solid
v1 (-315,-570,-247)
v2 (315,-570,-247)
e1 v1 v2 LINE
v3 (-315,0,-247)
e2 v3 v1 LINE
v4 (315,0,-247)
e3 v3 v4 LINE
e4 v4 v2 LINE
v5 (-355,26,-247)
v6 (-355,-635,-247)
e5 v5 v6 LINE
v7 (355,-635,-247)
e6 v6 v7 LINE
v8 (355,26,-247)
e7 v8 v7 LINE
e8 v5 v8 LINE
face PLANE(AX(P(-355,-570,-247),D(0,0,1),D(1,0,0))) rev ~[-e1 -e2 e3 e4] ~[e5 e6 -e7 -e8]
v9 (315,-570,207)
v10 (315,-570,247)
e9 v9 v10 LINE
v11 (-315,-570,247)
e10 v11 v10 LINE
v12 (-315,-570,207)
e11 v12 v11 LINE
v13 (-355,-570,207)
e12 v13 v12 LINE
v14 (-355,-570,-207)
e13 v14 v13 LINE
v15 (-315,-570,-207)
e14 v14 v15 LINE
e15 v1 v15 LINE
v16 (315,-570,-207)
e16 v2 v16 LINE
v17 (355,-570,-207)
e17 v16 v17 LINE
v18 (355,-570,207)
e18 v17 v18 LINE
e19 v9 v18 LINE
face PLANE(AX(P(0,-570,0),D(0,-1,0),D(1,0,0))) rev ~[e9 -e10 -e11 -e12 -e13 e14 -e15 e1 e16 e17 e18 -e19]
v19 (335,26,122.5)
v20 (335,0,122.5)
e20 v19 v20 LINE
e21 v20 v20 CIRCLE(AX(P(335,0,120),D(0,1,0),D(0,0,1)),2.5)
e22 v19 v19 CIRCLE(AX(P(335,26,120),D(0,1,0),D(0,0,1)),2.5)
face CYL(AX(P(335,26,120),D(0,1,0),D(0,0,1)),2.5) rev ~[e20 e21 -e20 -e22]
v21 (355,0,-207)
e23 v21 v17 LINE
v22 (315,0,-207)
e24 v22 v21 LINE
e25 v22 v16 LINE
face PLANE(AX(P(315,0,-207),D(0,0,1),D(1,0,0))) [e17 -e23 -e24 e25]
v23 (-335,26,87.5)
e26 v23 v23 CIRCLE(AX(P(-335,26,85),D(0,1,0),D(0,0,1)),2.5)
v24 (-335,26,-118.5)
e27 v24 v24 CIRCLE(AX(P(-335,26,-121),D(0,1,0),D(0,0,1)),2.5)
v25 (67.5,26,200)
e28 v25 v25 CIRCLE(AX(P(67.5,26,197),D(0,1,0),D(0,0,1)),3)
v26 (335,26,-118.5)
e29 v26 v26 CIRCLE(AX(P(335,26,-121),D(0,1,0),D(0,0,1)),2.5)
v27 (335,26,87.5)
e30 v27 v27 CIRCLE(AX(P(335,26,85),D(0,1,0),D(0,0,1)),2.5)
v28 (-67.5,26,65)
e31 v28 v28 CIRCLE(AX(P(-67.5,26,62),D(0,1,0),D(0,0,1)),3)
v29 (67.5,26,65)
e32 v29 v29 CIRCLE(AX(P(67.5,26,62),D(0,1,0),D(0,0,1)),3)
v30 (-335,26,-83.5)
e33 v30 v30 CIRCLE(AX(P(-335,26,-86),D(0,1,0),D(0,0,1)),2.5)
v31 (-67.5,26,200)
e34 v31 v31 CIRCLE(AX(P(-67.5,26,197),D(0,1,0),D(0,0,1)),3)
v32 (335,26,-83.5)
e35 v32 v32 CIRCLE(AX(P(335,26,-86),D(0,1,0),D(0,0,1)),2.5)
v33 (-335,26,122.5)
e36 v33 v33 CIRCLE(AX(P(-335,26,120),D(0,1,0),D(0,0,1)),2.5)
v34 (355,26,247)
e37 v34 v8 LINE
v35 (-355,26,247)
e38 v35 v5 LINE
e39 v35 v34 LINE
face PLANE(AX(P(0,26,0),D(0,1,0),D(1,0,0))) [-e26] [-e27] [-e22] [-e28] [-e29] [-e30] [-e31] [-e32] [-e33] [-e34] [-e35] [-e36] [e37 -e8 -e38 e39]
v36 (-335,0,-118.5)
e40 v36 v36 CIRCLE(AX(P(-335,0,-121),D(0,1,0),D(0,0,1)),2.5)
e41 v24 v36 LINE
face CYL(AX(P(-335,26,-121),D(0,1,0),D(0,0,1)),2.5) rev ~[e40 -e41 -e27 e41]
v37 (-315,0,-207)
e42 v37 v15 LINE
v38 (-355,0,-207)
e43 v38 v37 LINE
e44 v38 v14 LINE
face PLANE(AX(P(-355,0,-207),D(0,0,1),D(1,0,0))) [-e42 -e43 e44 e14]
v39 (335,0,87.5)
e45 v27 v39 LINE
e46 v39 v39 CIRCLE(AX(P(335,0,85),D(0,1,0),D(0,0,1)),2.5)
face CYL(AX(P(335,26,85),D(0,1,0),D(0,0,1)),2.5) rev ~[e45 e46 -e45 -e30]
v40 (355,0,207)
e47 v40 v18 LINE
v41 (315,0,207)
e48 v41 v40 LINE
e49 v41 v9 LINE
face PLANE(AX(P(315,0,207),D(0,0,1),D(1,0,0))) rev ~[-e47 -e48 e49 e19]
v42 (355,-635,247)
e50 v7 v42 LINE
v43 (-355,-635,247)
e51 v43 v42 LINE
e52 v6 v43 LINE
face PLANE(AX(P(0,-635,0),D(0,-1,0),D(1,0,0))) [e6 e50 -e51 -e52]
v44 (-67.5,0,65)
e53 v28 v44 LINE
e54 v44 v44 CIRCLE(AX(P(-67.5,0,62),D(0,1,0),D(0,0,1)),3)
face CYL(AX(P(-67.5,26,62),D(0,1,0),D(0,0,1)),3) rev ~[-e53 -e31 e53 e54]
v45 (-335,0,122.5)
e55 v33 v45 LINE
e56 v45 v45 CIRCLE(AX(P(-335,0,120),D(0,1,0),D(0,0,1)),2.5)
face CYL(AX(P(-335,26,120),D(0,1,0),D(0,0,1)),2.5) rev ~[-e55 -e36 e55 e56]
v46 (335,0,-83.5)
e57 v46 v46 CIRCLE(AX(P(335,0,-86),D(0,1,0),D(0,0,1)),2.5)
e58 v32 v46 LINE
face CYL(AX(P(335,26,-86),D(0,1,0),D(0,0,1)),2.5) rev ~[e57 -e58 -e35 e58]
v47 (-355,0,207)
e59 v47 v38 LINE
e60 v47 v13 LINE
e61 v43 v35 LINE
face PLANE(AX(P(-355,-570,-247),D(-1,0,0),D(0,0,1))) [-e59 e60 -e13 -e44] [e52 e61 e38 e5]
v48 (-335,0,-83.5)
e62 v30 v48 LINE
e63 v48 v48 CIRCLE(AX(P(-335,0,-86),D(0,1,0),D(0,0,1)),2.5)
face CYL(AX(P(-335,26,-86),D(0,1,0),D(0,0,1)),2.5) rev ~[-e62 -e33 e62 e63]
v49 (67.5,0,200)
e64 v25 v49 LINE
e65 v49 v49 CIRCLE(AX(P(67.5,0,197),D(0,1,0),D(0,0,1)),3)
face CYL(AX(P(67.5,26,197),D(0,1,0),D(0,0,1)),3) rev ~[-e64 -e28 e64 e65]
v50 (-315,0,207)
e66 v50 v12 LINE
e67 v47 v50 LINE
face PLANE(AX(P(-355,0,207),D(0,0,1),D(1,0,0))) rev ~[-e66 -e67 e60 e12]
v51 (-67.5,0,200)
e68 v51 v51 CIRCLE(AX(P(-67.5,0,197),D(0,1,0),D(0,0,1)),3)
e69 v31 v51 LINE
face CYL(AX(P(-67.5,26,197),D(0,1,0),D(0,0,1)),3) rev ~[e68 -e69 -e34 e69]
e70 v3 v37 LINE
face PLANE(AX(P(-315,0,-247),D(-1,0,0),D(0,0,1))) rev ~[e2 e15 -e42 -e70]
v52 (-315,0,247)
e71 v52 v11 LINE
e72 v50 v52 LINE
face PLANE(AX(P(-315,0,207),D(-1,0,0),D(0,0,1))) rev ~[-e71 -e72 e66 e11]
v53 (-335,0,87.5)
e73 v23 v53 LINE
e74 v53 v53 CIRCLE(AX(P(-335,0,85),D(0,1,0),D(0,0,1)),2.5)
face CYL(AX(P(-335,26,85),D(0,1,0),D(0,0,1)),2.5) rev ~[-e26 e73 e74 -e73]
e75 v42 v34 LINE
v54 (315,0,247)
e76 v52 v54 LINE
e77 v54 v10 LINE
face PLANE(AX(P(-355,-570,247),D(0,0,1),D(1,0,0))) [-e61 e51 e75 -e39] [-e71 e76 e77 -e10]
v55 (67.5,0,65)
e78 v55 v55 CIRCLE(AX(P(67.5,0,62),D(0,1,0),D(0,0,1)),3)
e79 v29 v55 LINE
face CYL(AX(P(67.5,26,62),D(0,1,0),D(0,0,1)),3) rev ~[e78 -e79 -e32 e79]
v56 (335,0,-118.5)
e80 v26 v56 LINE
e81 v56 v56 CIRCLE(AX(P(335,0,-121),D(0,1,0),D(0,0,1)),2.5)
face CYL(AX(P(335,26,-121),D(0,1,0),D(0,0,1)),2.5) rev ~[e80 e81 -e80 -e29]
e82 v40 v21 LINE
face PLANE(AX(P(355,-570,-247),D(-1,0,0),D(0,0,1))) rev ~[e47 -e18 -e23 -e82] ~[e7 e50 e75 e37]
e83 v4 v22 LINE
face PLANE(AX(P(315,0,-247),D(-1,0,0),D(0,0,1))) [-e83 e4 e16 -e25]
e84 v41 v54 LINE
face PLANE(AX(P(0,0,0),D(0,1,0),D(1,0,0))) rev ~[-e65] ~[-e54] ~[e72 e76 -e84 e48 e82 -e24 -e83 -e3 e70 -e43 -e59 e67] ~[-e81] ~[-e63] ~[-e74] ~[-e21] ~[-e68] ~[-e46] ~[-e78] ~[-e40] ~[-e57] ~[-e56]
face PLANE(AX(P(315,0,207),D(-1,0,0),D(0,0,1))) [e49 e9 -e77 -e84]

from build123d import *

# Parameters (mm, degrees)
SKETCH1_W           = 710
SKETCH1_H           = 494
BOSS_EXTRUDE1_DEPTH = 26
SKETCH2_R           = 3
CUT_EXTRUDE1_DEPTH  = 434.255121147
CUT_EXTRUDE2_REACH  = 435.255
SKETCH3_R           = 2.5
SKETCH4_W           = 40
SKETCH4_H           = 40
BOSS_EXTRUDE2_DEPTH = 570
SKETCH5_W           = 710
SKETCH5_H           = 494
BOSS_EXTRUDE3_DEPTH = 65


with BuildPart() as part:
    # Sketch1 → Boss-Extrude1 (new body)
    with BuildSketch(Plane(origin=(0, 0, 0), x_dir=(1, 0, 0), z_dir=(0, 1, 0))):
        Rectangle(SKETCH1_W, SKETCH1_H)
    extrude(amount=BOSS_EXTRUDE1_DEPTH)

    # Sketch2 → Cut-Extrude1 (cut, through all)
    with BuildSketch(Plane(origin=(0, 26, 0), x_dir=(1, 0, 0), z_dir=(0, 1, 0))):
        with Locations(Location((-67.5, -62, 0), (0, 0, 270))):
            Circle(SKETCH2_R)
        with Locations(Location((-67.5, -197, 0), (0, 0, 270))):
            Circle(SKETCH2_R)
        with Locations(Location((67.5, -197, 0), (0, 0, 270))):
            Circle(SKETCH2_R)
        with Locations(Location((67.5, -62, 0), (0, 0, 270))):
            Circle(SKETCH2_R)
    extrude(amount=-CUT_EXTRUDE1_DEPTH, mode=Mode.SUBTRACT)

    # Sketch3 → Cut-Extrude2 (cut, up to next)
    with BuildSketch(Plane(origin=(0, 26, 0), x_dir=(1, 0, 0), z_dir=(0, 1, 0)), mode=Mode.PRIVATE) as cut_extrude2_sk1:
        with Locations(Location((-335, 121, 0), (0, 0, 270))):
            Circle(SKETCH3_R)
    cut_extrude2_tool1 = extrude(cut_extrude2_sk1.sketch, amount=-CUT_EXTRUDE2_REACH, mode=Mode.PRIVATE) & part.part
    # Sketch3 → Cut-Extrude2 (cut, up to next)
    with BuildSketch(Plane(origin=(0, 26, 0), x_dir=(1, 0, 0), z_dir=(0, 1, 0)), mode=Mode.PRIVATE) as cut_extrude2_sk2:
        with Locations(Location((-335, 86, 0), (0, 0, 270))):
            Circle(SKETCH3_R)
    cut_extrude2_tool2 = extrude(cut_extrude2_sk2.sketch, amount=-CUT_EXTRUDE2_REACH, mode=Mode.PRIVATE) & part.part
    # Sketch3 → Cut-Extrude2 (cut, up to next)
    with BuildSketch(Plane(origin=(0, 26, 0), x_dir=(1, 0, 0), z_dir=(0, 1, 0)), mode=Mode.PRIVATE) as cut_extrude2_sk3:
        with Locations(Location((335, 86, 0), (0, 0, 270))):
            Circle(SKETCH3_R)
    cut_extrude2_tool3 = extrude(cut_extrude2_sk3.sketch, amount=-CUT_EXTRUDE2_REACH, mode=Mode.PRIVATE) & part.part
    # Sketch3 → Cut-Extrude2 (cut, up to next)
    with BuildSketch(Plane(origin=(0, 26, 0), x_dir=(1, 0, 0), z_dir=(0, 1, 0)), mode=Mode.PRIVATE) as cut_extrude2_sk4:
        with Locations(Location((335, 121, 0), (0, 0, 270))):
            Circle(SKETCH3_R)
    cut_extrude2_tool4 = extrude(cut_extrude2_sk4.sketch, amount=-CUT_EXTRUDE2_REACH, mode=Mode.PRIVATE) & part.part
    # Sketch3 → Cut-Extrude2 (cut, up to next)
    with BuildSketch(Plane(origin=(0, 26, 0), x_dir=(1, 0, 0), z_dir=(0, 1, 0)), mode=Mode.PRIVATE) as cut_extrude2_sk5:
        with Locations(Location((335, -85, 0), (0, 0, 270))):
            Circle(SKETCH3_R)
    cut_extrude2_tool5 = extrude(cut_extrude2_sk5.sketch, amount=-CUT_EXTRUDE2_REACH, mode=Mode.PRIVATE) & part.part
    # Sketch3 → Cut-Extrude2 (cut, up to next)
    with BuildSketch(Plane(origin=(0, 26, 0), x_dir=(1, 0, 0), z_dir=(0, 1, 0)), mode=Mode.PRIVATE) as cut_extrude2_sk6:
        with Locations(Location((335, -120, 0), (0, 0, 270))):
            Circle(SKETCH3_R)
    cut_extrude2_tool6 = extrude(cut_extrude2_sk6.sketch, amount=-CUT_EXTRUDE2_REACH, mode=Mode.PRIVATE) & part.part
    # Sketch3 → Cut-Extrude2 (cut, up to next)
    with BuildSketch(Plane(origin=(0, 26, 0), x_dir=(1, 0, 0), z_dir=(0, 1, 0)), mode=Mode.PRIVATE) as cut_extrude2_sk7:
        with Locations(Location((-335, -85, 0), (0, 0, 270))):
            Circle(SKETCH3_R)
    cut_extrude2_tool7 = extrude(cut_extrude2_sk7.sketch, amount=-CUT_EXTRUDE2_REACH, mode=Mode.PRIVATE) & part.part
    # Sketch3 → Cut-Extrude2 (cut, up to next)
    with BuildSketch(Plane(origin=(0, 26, 0), x_dir=(1, 0, 0), z_dir=(0, 1, 0)), mode=Mode.PRIVATE) as cut_extrude2_sk8:
        with Locations(Location((-335, -120, 0), (0, 0, 270))):
            Circle(SKETCH3_R)
    cut_extrude2_tool8 = extrude(cut_extrude2_sk8.sketch, amount=-CUT_EXTRUDE2_REACH, mode=Mode.PRIVATE) & part.part
    add(cut_extrude2_tool1.solids().sort_by_distance((-335, 26, -121))[0], mode=Mode.SUBTRACT)
    add(cut_extrude2_tool2.solids().sort_by_distance((-335, 26, -86))[0], mode=Mode.SUBTRACT)
    add(cut_extrude2_tool3.solids().sort_by_distance((335, 26, -86))[0], mode=Mode.SUBTRACT)
    add(cut_extrude2_tool4.solids().sort_by_distance((335, 26, -121))[0], mode=Mode.SUBTRACT)
    add(cut_extrude2_tool5.solids().sort_by_distance((335, 26, 85))[0], mode=Mode.SUBTRACT)
    add(cut_extrude2_tool6.solids().sort_by_distance((335, 26, 120))[0], mode=Mode.SUBTRACT)
    add(cut_extrude2_tool7.solids().sort_by_distance((-335, 26, 85))[0], mode=Mode.SUBTRACT)
    add(cut_extrude2_tool8.solids().sort_by_distance((-335, 26, 120))[0], mode=Mode.SUBTRACT)

    # Sketch4 → Boss-Extrude2 (add)
    with BuildSketch(Plane.XZ):
        with Locations((-335, 227)):
            Rectangle(SKETCH4_W, SKETCH4_H)
        with Locations((-335, -227)):
            Rectangle(SKETCH4_W, SKETCH4_H)
        with Locations((335, 227)):
            Rectangle(SKETCH4_W, SKETCH4_H)
        with Locations((335, -227)):
            Rectangle(SKETCH4_W, SKETCH4_H)
    extrude(amount=BOSS_EXTRUDE2_DEPTH)

    # Sketch5 → Boss-Extrude3 (add)
    with BuildSketch(Plane.XZ.offset(570)):
        Rectangle(SKETCH5_W, SKETCH5_H)
    extrude(amount=BOSS_EXTRUDE3_DEPTH)


solid = part.part
